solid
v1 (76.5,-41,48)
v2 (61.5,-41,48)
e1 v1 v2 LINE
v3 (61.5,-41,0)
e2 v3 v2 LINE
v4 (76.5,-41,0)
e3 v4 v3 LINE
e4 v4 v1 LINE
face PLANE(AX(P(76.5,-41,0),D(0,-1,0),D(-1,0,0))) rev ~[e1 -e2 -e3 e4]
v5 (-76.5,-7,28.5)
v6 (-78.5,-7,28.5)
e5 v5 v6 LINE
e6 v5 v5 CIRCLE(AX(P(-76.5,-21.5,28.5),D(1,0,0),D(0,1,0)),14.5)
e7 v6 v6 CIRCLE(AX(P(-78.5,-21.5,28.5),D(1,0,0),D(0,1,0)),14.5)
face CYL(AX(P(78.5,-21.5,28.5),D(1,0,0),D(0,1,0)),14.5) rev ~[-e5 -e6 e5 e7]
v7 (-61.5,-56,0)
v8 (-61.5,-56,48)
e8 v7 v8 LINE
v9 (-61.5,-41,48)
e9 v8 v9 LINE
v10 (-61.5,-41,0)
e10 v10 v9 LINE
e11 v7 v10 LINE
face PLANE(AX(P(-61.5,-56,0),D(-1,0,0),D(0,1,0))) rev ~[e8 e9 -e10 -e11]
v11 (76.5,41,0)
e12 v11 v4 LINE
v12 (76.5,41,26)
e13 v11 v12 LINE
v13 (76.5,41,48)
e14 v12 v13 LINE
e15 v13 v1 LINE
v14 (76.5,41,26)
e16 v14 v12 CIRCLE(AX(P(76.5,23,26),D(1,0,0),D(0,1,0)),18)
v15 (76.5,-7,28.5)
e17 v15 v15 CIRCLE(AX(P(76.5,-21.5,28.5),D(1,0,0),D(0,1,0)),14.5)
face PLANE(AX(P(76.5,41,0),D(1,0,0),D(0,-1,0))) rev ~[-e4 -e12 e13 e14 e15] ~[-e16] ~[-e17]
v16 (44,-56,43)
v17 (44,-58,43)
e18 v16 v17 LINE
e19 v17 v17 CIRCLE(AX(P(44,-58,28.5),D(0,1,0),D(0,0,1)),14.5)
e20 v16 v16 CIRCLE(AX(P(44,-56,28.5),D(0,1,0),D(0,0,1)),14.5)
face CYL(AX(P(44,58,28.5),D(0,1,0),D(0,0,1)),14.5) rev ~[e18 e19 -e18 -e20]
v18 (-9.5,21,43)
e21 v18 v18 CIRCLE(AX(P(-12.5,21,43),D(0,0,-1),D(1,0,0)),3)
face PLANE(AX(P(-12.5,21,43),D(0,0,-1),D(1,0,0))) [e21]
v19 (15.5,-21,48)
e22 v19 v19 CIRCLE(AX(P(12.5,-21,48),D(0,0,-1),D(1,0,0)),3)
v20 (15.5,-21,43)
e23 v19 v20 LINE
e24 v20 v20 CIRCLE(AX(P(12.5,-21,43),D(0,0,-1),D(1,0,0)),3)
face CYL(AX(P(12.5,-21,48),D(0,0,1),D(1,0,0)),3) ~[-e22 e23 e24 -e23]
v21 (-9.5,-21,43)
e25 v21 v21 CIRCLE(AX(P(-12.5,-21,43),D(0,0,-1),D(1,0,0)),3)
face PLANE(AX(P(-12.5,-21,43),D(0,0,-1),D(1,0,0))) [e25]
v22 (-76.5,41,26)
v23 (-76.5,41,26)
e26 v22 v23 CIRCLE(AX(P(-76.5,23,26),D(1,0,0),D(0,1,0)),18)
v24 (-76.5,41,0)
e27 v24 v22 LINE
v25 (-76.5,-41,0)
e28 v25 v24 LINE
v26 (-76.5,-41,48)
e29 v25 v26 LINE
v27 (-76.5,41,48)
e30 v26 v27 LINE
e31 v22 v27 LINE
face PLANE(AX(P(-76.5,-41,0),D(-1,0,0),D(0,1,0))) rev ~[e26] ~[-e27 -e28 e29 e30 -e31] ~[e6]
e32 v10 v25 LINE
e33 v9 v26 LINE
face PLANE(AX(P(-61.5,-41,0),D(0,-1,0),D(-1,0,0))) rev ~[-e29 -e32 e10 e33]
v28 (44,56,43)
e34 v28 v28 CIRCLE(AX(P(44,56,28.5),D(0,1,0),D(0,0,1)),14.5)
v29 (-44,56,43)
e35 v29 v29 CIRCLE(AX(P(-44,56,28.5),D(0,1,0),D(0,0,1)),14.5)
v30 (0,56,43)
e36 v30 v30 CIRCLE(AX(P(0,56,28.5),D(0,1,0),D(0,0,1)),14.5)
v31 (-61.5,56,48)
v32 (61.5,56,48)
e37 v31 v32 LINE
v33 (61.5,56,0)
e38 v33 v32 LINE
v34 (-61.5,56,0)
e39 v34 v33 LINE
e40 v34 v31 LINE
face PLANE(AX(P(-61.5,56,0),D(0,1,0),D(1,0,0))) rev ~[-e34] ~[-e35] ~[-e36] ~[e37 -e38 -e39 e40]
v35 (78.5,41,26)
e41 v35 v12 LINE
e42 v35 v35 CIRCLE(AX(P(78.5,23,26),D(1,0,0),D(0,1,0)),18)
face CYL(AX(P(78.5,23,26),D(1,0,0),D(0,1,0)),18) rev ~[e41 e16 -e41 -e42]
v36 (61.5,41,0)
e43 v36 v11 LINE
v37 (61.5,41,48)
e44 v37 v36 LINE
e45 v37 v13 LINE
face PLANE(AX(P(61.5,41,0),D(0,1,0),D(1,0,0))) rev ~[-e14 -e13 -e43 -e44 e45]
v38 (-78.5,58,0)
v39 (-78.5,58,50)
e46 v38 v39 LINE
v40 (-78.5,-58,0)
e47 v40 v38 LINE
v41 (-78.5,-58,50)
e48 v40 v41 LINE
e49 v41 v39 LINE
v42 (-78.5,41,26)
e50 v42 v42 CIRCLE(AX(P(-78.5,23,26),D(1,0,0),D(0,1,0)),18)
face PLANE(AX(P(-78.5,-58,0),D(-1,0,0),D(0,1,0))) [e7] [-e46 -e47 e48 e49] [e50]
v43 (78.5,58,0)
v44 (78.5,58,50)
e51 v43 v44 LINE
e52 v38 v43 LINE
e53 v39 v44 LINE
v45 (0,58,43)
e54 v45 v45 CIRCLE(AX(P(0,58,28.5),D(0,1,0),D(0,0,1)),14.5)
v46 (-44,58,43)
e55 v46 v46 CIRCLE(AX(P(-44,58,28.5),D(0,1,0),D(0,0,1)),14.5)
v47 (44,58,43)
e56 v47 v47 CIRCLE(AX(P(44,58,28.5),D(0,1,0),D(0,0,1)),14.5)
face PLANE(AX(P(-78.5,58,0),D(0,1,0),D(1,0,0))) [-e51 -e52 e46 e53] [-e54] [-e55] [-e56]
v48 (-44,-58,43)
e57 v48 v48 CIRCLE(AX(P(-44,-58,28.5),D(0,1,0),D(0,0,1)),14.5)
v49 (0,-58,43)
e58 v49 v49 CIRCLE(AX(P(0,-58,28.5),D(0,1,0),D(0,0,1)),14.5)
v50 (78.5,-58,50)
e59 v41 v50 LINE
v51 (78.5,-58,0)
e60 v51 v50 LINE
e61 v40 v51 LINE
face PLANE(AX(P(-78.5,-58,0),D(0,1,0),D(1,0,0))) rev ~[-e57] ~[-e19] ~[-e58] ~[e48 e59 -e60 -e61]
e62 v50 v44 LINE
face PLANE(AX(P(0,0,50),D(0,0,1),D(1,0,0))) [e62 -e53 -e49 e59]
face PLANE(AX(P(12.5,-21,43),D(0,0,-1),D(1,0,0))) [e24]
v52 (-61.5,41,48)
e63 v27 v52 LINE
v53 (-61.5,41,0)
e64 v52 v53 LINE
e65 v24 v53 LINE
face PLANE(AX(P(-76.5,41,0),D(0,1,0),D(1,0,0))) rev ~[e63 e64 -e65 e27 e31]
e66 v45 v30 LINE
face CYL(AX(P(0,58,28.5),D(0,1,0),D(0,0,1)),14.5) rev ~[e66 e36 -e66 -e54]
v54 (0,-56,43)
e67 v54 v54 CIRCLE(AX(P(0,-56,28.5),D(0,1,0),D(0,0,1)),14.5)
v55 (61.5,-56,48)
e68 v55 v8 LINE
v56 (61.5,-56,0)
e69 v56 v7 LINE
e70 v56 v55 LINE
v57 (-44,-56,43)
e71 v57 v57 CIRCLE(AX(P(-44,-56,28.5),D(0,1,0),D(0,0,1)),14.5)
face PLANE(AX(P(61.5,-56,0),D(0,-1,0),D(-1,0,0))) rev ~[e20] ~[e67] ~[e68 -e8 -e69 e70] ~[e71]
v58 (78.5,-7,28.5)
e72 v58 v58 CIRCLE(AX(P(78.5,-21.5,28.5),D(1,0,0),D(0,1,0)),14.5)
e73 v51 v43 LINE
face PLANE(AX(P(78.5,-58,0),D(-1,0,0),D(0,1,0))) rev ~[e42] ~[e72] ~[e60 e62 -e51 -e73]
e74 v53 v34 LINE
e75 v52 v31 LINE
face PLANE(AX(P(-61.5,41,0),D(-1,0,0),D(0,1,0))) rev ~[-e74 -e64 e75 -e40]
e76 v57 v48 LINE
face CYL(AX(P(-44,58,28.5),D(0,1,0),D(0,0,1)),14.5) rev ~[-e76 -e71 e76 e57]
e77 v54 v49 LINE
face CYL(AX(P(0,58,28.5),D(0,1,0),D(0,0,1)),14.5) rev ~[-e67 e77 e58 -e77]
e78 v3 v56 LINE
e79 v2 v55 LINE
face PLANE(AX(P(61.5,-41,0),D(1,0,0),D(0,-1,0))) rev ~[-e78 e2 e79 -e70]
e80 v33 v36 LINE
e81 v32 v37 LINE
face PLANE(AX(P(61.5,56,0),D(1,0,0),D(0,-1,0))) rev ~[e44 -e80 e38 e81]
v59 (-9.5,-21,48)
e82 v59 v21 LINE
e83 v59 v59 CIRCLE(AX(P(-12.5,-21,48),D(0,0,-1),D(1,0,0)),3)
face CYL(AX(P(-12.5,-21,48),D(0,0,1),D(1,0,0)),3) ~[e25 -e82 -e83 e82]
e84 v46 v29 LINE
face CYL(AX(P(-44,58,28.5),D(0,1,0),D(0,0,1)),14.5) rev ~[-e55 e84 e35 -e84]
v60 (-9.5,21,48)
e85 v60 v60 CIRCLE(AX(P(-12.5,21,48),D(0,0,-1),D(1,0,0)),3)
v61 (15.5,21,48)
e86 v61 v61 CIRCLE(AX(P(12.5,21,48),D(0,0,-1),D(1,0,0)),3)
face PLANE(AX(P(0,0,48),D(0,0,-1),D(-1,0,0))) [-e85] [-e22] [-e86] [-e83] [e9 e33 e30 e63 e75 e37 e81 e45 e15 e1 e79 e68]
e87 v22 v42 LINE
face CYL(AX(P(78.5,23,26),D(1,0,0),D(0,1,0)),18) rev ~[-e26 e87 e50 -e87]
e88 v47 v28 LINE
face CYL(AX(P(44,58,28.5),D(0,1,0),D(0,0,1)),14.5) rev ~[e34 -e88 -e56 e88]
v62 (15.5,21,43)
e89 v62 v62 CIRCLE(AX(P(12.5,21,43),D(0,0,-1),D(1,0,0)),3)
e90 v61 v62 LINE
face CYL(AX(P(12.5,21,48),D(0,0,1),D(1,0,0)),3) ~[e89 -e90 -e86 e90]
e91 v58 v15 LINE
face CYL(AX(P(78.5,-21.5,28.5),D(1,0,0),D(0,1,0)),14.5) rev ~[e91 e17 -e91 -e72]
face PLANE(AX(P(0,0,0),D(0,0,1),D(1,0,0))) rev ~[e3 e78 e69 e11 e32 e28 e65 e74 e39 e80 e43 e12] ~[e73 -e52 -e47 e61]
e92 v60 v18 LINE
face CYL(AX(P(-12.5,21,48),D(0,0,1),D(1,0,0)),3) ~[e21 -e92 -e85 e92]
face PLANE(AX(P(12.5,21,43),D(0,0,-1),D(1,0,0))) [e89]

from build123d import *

# Parameters (mm, degrees)
ESQUISSE1_W             = 157
ESQUISSE1_H             = 116
BOSS_EXTRU_1_DEPTH      = 50
ENL_V_MAT_EXTRU_1_DEPTH = 48
ESQUISSE3_R             = 18
ESQUISSE3_R_2           = 14.5
ENL_V_MAT_EXTRU_2_DEPTH = 175.679706892
ESQUISSE4_R             = 14.5
ENL_V_MAT_EXTRU_3_DEPTH = 149.722056199
ESQUISSE5_R             = 3
BOSS_EXTRU_2_DEPTH      = 5


with BuildPart() as part:
    # Esquisse1 → Boss.-Extru.1 (new body)
    with BuildSketch(Plane.XY):
        Rectangle(ESQUISSE1_W, ESQUISSE1_H)
    extrude(amount=BOSS_EXTRU_1_DEPTH)

    # Esquisse2 → Enlèv. mat.-Extru.1 (cut)
    with BuildSketch(Plane.XY):
        Polygon((-61.5, 56), (61.5, 56), (61.5, 41), (76.5, 41), (76.5, -41), (61.5, -41), (61.5, -56), (-61.5, -56), (-61.5, -41), (-76.5, -41), (-76.5, 41), (-61.5, 41), align=None)
    extrude(amount=ENL_V_MAT_EXTRU_1_DEPTH, mode=Mode.SUBTRACT)

    # Esquisse3 → Enlèv. mat.-Extru.2 (cut, through all)
    with BuildSketch(Plane(origin=(78.5, 0, 0), x_dir=(0, 0, -1), z_dir=(1, 0, 0))):
        with Locations(Location((-26, 23, 0), (0, 0, 90))):
            Circle(ESQUISSE3_R)
        with Locations(Location((-28.5, -21.5, 0), (0, 0, 90))):
            Circle(ESQUISSE3_R_2)
    extrude(amount=-ENL_V_MAT_EXTRU_2_DEPTH, mode=Mode.SUBTRACT)

    # Esquisse4 → Enlèv. mat.-Extru.3 (cut, through all)
    with BuildSketch(Plane(origin=(0, 58, 0), x_dir=(1, 0, 0), z_dir=(0, 1, 0))):
        with Locations(Location((-44, -28.5, 0), (0, 0, 270))):
            Circle(ESQUISSE4_R)
        with Locations(Location((0, -28.5, 0), (0, 0, 270))):
            Circle(ESQUISSE4_R)
        with Locations(Location((44, -28.5, 0), (0, 0, 270))):
            Circle(ESQUISSE4_R)
    extrude(amount=-ENL_V_MAT_EXTRU_3_DEPTH, mode=Mode.SUBTRACT)

    # Esquisse5 → Boss.-Extru.2 (add)
    with BuildSketch(Plane(origin=(0, 0, 48), x_dir=(-1, 0, 0), z_dir=(0, 0, -1))):
        with Locations(Location((-12.5, -21, 0), (0, 0, 180))):
            Circle(ESQUISSE5_R)
        with Locations(Location((12.5, -21, 0), (0, 0, 180))):
            Circle(ESQUISSE5_R)
        with Locations(Location((12.5, 21, 0), (0, 0, 180))):
            Circle(ESQUISSE5_R)
        with Locations(Location((-12.5, 21, 0), (0, 0, 180))):
            Circle(ESQUISSE5_R)
    extrude(amount=BOSS_EXTRU_2_DEPTH)


solid = part.part
